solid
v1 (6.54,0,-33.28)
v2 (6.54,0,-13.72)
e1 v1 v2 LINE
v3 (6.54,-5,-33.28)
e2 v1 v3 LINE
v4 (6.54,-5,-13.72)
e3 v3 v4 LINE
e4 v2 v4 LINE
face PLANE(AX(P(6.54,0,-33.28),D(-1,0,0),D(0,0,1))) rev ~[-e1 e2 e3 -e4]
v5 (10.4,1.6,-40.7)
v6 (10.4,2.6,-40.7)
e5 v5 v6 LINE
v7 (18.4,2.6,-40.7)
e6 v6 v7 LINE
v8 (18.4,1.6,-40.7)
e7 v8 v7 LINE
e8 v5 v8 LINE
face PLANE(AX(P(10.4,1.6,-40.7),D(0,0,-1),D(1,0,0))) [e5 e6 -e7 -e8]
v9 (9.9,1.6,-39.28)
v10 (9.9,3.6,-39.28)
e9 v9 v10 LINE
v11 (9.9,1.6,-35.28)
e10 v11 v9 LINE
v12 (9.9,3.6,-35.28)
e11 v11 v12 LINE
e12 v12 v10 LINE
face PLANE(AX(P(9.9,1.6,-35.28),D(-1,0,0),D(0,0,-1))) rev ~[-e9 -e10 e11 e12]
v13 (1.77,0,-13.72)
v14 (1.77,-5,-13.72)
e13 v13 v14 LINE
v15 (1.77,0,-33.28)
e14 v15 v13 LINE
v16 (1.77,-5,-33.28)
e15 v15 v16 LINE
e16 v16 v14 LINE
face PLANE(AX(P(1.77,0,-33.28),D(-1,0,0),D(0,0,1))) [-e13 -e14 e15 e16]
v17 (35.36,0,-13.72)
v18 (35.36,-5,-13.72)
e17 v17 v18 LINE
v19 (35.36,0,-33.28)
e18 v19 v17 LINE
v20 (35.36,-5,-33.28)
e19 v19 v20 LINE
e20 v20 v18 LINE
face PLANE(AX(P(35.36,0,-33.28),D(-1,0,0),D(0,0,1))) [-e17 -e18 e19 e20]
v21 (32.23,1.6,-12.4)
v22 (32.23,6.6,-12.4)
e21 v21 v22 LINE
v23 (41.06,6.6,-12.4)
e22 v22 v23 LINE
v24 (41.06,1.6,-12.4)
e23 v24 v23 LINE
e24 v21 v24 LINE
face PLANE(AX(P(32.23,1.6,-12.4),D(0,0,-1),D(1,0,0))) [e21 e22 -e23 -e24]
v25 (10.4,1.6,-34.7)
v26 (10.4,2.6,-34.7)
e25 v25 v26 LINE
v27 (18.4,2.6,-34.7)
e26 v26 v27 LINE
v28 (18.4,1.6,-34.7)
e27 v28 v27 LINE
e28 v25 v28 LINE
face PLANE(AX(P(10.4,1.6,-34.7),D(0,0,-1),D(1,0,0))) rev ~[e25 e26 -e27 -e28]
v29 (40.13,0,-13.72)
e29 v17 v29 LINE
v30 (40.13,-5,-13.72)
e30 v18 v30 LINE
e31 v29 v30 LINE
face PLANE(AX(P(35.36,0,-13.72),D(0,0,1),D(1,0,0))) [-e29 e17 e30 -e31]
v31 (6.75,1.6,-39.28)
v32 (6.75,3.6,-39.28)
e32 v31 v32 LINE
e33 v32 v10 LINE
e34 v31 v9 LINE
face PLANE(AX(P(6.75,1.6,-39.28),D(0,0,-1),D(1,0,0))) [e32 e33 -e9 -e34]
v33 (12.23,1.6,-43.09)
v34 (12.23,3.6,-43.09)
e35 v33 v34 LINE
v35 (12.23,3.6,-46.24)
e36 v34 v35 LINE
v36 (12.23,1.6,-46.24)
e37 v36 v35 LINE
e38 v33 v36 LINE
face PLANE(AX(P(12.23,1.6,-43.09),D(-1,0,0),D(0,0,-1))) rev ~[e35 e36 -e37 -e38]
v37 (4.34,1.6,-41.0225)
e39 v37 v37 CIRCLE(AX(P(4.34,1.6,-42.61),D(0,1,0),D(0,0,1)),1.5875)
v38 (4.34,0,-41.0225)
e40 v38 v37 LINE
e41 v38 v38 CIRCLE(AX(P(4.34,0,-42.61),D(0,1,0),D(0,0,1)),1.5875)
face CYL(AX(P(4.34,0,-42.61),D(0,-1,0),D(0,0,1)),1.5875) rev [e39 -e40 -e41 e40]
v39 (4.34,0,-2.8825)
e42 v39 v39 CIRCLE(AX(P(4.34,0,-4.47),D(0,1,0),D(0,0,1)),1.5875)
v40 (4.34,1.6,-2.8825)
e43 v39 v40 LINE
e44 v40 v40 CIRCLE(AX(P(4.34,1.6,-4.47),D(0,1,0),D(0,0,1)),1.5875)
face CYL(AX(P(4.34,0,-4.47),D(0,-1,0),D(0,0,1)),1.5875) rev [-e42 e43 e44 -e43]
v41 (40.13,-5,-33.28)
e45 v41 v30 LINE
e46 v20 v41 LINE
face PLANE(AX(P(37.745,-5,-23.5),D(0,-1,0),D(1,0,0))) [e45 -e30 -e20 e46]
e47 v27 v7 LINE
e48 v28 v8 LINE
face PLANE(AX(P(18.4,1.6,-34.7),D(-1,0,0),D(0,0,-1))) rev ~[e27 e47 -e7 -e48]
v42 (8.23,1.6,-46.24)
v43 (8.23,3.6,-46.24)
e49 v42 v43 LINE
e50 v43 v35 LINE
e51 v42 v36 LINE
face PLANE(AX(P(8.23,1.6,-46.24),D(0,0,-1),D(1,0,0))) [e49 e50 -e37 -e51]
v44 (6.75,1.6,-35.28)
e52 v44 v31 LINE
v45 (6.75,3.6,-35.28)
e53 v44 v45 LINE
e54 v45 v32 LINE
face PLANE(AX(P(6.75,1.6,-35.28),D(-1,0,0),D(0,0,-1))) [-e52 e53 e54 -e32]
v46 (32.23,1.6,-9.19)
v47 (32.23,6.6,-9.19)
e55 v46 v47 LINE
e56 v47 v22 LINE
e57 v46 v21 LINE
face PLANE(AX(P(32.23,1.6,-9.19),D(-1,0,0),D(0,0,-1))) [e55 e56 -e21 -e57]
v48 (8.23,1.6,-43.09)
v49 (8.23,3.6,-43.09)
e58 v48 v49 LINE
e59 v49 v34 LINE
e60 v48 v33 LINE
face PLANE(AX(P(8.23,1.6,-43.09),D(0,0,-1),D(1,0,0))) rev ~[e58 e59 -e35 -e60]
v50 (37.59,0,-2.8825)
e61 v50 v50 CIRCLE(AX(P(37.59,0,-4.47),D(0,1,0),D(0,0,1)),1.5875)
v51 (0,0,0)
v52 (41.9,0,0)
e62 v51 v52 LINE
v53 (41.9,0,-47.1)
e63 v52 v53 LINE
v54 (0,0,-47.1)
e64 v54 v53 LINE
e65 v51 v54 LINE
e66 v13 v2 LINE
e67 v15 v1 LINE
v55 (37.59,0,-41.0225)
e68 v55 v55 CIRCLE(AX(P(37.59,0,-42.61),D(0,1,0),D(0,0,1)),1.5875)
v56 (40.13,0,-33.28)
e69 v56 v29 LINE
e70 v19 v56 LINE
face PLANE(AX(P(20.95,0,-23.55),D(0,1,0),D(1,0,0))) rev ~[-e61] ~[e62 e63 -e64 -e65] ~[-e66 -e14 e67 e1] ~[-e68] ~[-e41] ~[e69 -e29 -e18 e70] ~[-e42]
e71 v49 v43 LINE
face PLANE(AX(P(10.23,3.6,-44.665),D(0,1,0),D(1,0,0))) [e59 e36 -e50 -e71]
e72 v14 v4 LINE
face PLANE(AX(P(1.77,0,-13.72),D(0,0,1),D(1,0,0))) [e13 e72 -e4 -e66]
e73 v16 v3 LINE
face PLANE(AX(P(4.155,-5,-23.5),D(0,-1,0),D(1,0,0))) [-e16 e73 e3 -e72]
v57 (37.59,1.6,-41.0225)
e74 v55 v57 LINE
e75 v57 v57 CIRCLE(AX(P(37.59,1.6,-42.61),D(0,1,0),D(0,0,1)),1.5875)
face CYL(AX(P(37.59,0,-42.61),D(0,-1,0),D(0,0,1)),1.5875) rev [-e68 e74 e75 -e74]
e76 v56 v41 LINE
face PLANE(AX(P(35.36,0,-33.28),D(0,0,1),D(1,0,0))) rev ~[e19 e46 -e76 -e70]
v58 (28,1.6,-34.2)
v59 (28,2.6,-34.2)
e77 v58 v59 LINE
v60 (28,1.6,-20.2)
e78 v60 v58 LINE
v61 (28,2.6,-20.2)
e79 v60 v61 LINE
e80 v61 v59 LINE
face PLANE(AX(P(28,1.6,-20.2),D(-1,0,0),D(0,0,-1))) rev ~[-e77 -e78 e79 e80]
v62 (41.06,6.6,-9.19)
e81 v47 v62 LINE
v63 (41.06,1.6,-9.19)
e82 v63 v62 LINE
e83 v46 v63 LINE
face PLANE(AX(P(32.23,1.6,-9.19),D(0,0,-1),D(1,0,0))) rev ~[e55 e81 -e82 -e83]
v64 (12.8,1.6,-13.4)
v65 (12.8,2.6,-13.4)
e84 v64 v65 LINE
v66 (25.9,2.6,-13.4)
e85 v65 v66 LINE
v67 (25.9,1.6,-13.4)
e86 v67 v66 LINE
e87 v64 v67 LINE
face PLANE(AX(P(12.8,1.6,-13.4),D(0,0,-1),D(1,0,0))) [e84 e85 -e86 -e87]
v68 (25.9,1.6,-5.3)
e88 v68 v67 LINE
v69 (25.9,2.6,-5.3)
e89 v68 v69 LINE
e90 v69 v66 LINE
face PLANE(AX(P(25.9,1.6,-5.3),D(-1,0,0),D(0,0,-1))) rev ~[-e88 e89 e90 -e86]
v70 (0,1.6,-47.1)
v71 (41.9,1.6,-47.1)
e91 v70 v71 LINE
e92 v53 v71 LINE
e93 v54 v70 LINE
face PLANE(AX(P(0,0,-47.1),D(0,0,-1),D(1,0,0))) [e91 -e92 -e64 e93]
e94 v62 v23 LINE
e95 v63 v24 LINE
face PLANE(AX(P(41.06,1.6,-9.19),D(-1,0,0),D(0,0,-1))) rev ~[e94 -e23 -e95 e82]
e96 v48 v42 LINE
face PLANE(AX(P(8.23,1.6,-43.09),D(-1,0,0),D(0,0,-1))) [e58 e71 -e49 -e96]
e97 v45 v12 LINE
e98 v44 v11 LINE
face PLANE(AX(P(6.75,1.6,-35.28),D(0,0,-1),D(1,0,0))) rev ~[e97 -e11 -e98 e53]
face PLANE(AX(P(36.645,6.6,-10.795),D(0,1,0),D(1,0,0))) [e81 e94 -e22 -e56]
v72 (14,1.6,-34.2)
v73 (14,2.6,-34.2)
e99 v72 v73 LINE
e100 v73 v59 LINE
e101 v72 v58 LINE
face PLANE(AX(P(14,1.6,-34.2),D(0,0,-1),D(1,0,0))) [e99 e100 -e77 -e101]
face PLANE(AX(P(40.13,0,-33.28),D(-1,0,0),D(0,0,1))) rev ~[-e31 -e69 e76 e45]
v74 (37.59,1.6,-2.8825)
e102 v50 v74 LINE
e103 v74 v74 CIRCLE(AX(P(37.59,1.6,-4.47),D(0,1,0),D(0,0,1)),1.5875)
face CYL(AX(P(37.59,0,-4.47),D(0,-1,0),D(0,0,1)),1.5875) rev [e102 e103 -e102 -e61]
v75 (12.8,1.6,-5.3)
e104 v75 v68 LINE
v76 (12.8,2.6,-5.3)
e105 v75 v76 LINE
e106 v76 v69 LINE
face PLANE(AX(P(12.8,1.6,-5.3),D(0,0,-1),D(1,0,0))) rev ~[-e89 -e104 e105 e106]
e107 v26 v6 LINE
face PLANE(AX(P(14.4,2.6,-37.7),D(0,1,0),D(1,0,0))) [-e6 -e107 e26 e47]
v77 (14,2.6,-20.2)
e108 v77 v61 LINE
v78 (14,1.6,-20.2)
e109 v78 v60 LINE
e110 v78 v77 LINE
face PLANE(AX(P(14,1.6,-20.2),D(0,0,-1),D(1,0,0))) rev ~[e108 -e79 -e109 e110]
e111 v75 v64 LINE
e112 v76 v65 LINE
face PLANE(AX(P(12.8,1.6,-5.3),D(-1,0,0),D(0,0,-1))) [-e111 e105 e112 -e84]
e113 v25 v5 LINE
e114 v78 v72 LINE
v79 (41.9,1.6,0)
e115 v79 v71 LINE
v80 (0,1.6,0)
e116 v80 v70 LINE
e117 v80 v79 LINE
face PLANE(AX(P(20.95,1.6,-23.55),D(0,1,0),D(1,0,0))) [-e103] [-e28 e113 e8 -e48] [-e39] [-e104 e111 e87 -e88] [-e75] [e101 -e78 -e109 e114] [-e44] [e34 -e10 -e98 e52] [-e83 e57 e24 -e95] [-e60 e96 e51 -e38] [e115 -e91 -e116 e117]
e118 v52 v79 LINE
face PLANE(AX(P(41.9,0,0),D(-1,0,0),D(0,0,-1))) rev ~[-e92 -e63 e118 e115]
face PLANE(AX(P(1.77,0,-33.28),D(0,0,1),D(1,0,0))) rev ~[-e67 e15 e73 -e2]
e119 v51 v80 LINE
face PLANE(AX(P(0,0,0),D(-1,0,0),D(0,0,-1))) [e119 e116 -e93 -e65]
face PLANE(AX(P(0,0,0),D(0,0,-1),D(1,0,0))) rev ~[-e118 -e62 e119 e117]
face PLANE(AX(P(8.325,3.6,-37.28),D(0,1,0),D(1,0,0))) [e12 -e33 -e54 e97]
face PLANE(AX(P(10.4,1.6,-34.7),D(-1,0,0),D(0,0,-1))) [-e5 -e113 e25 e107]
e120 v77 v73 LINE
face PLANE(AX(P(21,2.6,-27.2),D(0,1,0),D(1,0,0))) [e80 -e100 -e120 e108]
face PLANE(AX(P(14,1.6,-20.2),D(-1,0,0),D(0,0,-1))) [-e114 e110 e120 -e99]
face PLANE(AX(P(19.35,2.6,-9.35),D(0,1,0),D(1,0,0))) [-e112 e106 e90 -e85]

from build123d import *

# Parameters (mm, degrees)
SKETCH_1_W      = 41.9
SKETCH_1_H      = 47.1
SKETCH_1_R      = 1.5875
EXTRUDE_1_DEPTH = 1.6
SKETCH_2_W      = 3.15
SKETCH_2_H      = 4
SKETCH_2_W_2    = 4
SKETCH_2_H_2    = 3.15
EXTRUDE_2_DEPTH = 2
SKETCH_3_W      = 8.83
SKETCH_3_H      = 3.21
EXTRUDE_3_DEPTH = 5
SKETCH_4_W      = 4.77
SKETCH_4_H      = 19.56
EXTRUDE_4_DEPTH = 5
SKETCH_5_W      = 14
SKETCH_5_H      = 14
SKETCH_5_W_2    = 13.1
SKETCH_5_H_2    = 8.1
SKETCH_5_W_3    = 8
SKETCH_5_H_3    = 6
EXTRUDE_5_DEPTH = 1


with BuildPart() as part:
    # 草图1 → 凸台-拉伸1 (new body)
    with BuildSketch(Plane(origin=(0, 0, 0), x_dir=(1, 0, 0), z_dir=(0, 1, 0))):
        with Locations((20.95, 23.55)):
            Rectangle(SKETCH_1_W, SKETCH_1_H)
        with Locations(Location((4.34, 42.61, 0), (0, 0, 270))):
            Circle(SKETCH_1_R, mode=Mode.SUBTRACT)
        with Locations(Location((37.59, 42.61, 0), (0, 0, 270))):
            Circle(SKETCH_1_R, mode=Mode.SUBTRACT)
        with Locations(Location((37.59, 4.47, 0), (0, 0, 270))):
            Circle(SKETCH_1_R, mode=Mode.SUBTRACT)
        with Locations(Location((4.34, 4.47, 0), (0, 0, 270))):
            Circle(SKETCH_1_R, mode=Mode.SUBTRACT)
    extrude(amount=EXTRUDE_1_DEPTH)

    # 草图2 → 凸台-拉伸2 (add)
    with BuildSketch(Plane(origin=(0, 1.6, 0), x_dir=(1, 0, 0), z_dir=(0, 1, 0))):
        with Locations((8.325, 37.28)):
            Rectangle(SKETCH_2_W, SKETCH_2_H)
        with Locations((10.23, 44.665)):
            Rectangle(SKETCH_2_W_2, SKETCH_2_H_2)
    extrude(amount=EXTRUDE_2_DEPTH)

    # 草图3 → 凸台-拉伸3 (add)
    with BuildSketch(Plane(origin=(0, 1.6, 0), x_dir=(1, 0, 0), z_dir=(0, 1, 0))):
        with Locations((36.645, 10.795)):
            Rectangle(SKETCH_3_W, SKETCH_3_H)
    extrude(amount=EXTRUDE_3_DEPTH)

    # 草图4 → 凸台-拉伸4 (add)
    with BuildSketch(Plane.XZ):
        with Locations((4.155, -23.5)):
            Rectangle(SKETCH_4_W, SKETCH_4_H)
        with Locations((37.745, -23.5)):
            Rectangle(SKETCH_4_W, SKETCH_4_H)
    extrude(amount=EXTRUDE_4_DEPTH)

    # 草图5 → 凸台-拉伸5 (add)
    with BuildSketch(Plane(origin=(0, 1.6, 0), x_dir=(1, 0, 0), z_dir=(0, 1, 0))):
        with Locations((21, 27.2)):
            Rectangle(SKETCH_5_W, SKETCH_5_H)
        with Locations((19.35, 9.35)):
            Rectangle(SKETCH_5_W_2, SKETCH_5_H_2)
        with Locations((14.4, 37.7)):
            Rectangle(SKETCH_5_W_3, SKETCH_5_H_3)
    extrude(amount=EXTRUDE_5_DEPTH)


solid = part.part
